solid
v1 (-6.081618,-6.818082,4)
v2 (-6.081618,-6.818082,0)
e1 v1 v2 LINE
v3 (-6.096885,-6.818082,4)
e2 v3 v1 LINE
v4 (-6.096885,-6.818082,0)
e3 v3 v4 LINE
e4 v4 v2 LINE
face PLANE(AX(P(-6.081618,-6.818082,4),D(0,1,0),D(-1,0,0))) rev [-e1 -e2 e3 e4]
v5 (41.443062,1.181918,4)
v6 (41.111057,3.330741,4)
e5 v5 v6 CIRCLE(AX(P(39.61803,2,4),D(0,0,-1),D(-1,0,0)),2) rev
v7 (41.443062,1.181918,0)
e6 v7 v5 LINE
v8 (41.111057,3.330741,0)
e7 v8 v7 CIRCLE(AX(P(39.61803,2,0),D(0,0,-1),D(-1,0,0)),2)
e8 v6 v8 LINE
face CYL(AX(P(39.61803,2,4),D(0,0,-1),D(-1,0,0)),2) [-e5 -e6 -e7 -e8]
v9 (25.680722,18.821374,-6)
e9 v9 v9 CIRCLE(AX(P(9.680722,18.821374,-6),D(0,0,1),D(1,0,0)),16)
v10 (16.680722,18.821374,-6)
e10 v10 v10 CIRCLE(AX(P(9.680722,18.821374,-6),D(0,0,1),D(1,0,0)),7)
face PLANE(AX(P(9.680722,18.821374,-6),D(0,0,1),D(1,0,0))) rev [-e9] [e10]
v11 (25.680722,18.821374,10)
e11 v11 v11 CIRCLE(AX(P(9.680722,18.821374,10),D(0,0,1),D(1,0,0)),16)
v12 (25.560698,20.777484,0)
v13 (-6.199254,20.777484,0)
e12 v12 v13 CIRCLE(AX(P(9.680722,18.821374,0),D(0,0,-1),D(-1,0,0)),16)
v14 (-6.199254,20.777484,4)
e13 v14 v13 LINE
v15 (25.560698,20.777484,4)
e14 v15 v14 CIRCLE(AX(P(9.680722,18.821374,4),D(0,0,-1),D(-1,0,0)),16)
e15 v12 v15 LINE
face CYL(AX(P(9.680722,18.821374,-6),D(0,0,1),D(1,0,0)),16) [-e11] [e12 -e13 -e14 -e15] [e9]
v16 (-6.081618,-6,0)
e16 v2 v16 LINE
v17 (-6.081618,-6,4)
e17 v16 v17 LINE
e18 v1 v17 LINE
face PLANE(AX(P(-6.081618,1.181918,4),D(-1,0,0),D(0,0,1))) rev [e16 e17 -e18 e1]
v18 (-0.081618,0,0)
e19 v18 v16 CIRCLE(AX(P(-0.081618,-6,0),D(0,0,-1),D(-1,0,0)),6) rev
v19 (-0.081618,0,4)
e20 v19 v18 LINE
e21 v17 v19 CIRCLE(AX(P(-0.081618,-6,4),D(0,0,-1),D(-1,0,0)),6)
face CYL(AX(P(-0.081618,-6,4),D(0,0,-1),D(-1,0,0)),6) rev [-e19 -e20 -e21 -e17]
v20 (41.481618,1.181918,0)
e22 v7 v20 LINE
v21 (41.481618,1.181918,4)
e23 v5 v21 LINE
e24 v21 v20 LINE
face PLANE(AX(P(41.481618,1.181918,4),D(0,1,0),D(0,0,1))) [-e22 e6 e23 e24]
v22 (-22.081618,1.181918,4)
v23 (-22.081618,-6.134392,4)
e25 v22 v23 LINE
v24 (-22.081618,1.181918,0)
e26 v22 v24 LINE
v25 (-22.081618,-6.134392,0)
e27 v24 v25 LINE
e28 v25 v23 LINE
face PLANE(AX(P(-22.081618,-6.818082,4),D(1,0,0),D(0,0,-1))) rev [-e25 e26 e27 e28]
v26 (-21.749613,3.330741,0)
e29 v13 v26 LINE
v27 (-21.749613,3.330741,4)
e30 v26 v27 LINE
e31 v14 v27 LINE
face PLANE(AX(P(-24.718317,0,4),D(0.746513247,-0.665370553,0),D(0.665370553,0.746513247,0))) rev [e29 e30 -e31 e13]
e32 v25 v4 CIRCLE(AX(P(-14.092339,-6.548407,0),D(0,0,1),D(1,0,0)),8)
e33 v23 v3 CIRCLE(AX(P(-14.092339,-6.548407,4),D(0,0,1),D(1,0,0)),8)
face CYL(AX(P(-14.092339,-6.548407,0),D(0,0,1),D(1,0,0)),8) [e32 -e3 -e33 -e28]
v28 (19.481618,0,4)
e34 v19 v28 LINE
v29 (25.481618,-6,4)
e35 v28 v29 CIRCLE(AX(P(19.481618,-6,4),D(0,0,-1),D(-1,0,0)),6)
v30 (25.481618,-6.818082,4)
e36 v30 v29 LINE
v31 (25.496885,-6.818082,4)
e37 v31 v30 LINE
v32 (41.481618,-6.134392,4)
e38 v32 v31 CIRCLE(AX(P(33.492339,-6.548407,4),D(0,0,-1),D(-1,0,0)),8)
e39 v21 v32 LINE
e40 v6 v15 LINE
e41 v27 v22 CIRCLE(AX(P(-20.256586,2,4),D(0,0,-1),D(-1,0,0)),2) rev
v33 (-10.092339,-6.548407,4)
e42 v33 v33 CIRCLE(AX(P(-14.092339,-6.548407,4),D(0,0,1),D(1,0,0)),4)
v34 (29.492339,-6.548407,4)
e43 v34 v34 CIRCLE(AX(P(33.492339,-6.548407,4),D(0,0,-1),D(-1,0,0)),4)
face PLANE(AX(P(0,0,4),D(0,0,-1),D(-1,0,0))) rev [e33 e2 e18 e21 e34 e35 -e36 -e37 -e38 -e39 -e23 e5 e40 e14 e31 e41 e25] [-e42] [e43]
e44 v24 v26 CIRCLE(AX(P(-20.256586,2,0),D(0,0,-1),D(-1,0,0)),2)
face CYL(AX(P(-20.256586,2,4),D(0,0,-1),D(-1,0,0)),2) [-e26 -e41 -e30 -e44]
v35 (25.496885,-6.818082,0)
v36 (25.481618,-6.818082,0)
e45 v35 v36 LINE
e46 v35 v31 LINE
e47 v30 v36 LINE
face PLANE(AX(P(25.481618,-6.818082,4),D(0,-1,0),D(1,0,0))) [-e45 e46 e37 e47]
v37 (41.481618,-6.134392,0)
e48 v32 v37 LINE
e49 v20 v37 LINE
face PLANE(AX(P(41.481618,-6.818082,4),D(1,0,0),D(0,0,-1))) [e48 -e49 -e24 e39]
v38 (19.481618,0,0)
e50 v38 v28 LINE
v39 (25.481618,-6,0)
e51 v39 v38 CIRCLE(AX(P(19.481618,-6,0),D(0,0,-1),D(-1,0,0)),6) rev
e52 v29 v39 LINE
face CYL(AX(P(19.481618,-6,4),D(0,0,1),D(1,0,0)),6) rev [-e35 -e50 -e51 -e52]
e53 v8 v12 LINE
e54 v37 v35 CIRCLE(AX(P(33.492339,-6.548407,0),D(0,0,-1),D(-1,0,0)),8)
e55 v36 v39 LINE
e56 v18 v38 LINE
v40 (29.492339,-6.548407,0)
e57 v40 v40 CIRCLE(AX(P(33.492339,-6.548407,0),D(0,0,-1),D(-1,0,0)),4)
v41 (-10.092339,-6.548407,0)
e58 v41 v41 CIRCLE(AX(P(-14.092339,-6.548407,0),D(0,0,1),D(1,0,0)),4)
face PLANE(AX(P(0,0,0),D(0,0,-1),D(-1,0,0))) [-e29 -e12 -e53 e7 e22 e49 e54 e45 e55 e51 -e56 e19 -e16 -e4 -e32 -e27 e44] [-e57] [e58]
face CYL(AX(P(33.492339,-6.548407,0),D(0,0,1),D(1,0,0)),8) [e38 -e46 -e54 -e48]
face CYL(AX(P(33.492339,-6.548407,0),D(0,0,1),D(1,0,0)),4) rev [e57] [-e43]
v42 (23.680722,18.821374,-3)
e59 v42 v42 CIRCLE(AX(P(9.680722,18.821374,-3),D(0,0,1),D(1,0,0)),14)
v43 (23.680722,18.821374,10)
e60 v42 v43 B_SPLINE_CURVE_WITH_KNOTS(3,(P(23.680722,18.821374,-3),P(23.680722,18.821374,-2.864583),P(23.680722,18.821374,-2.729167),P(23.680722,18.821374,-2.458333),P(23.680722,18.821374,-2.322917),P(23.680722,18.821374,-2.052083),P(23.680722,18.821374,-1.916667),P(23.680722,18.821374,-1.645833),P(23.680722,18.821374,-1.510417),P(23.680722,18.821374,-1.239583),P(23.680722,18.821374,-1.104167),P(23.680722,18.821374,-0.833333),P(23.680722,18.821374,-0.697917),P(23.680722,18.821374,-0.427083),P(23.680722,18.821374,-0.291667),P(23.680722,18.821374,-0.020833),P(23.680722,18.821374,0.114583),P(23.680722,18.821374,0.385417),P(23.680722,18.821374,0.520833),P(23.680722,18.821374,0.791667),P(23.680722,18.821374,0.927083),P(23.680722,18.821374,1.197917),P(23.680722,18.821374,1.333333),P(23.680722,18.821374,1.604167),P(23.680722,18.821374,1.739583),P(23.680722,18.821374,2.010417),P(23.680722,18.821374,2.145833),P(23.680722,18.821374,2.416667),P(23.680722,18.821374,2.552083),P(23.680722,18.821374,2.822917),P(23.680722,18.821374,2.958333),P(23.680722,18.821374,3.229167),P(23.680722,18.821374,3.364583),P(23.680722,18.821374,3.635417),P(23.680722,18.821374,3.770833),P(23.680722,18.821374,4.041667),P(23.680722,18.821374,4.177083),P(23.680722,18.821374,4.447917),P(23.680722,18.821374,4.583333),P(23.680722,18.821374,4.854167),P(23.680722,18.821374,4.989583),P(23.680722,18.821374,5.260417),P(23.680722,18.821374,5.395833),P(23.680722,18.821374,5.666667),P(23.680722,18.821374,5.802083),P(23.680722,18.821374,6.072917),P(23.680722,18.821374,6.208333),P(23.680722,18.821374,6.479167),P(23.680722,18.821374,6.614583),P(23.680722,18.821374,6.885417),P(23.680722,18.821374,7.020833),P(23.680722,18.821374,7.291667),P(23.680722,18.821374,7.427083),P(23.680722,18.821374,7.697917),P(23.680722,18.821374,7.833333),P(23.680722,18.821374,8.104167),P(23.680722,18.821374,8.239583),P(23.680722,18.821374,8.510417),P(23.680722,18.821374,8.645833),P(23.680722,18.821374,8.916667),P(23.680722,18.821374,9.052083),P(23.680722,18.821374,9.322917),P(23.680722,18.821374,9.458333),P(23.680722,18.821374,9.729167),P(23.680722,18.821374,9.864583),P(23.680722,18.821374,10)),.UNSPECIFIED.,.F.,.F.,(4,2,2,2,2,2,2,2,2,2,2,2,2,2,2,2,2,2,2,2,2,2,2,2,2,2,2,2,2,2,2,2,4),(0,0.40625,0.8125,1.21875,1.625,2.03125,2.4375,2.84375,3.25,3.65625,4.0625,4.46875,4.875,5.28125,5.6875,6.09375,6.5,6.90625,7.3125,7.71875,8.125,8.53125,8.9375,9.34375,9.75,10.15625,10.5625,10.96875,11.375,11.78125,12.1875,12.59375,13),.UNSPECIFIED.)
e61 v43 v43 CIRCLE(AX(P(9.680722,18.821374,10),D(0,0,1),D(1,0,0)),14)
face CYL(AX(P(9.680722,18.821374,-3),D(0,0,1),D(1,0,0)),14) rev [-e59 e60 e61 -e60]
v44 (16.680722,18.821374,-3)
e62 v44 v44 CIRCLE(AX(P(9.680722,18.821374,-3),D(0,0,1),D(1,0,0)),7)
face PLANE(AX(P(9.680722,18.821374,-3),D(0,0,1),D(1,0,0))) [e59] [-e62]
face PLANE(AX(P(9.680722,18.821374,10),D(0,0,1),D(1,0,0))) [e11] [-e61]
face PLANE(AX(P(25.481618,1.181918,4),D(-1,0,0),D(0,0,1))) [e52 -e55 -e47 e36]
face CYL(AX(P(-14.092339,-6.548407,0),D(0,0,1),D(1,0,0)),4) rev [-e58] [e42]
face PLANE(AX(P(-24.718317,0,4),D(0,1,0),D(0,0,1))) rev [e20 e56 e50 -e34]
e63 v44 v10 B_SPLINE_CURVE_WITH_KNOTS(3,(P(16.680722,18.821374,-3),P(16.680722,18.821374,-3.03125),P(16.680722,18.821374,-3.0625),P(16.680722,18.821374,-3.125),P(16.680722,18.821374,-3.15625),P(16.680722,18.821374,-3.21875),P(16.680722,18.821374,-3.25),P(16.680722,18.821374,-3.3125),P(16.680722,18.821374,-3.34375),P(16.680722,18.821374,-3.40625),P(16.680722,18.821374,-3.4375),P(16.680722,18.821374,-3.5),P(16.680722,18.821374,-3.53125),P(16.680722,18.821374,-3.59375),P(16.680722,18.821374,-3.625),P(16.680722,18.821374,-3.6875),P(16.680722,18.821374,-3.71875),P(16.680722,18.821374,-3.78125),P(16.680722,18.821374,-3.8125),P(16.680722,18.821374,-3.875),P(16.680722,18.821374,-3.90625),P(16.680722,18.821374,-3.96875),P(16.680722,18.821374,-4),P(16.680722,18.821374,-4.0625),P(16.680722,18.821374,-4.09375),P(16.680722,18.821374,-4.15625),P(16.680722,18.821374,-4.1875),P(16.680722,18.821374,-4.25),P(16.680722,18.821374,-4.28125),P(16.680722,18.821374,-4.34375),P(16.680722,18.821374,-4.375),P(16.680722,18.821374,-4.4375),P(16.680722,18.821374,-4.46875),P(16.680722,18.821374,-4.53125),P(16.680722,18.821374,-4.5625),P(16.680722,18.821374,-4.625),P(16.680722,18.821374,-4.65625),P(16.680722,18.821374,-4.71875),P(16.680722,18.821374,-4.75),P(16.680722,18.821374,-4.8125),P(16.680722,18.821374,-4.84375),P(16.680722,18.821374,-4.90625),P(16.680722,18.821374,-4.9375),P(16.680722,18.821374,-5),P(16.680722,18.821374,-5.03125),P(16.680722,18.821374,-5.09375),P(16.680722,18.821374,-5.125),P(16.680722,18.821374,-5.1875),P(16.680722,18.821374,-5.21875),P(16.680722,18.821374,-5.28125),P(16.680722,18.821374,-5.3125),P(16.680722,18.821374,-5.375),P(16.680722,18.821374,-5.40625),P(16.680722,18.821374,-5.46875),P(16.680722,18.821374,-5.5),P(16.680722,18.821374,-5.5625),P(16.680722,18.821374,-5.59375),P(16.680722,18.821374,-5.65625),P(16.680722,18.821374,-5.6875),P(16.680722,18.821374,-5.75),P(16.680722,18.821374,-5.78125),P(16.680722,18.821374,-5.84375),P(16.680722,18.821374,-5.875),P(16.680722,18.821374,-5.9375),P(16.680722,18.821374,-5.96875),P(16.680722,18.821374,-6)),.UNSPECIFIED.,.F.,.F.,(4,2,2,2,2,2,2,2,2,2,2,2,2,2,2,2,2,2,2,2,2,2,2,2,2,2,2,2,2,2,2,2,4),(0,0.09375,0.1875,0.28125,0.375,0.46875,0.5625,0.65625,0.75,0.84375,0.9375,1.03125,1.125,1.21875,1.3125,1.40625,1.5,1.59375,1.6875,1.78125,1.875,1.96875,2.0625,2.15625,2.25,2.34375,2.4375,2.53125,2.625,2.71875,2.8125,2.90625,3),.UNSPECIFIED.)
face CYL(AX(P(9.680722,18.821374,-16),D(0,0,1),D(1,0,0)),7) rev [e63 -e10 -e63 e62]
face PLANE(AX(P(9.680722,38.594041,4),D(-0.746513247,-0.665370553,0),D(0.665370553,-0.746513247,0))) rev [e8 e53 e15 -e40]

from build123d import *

# Parameters (mm, degrees)
BOSS_EXTRUDE1_DEPTH      = 4
FILLET1_R                = 8
FILLET2_R                = 2
SKETCH3_W                = 16
SKETCH3_H                = 8
BOSS_EXTRUDE2_DEPTH      = 4
SKETCH10_R               = 8
BOSS_EXTRUDE3_DEPTH      = 4
FILLET3_R                = 6
SKETCH11_R               = 4
CUT_EXTRUDE2_DEPTH       = 4
FILLET3_OF_MIRROR1_R     = 6
BOSS_EXTRUDE4_DEPTH      = 6
BOSS_EXTRUDE4_DEPTH_BACK = 10
SKETCH8_R                = 16
SKETCH13_R               = 14
CUT_EXTRUDE3_DEPTH       = 13
SKETCH17_R               = 7
CUT_EXTRUDE4_DEPTH       = 13


with BuildPart() as part:
    # Sketch2 → Boss-Extrude1 (new body)
    with BuildSketch(Plane.XY):
        Polygon((-24.718317205, 0), (44.079761222, 0), (9.680722008, 38.594041061), align=None)
    extrude(amount=BOSS_EXTRUDE1_DEPTH)

    # Fillet1
    fillet1_edges = [part.edges().sort_by_distance(p)[0] for p in [
        (9.680722008, 38.594041061, 2),
    ]]
    fillet(fillet1_edges, radius=FILLET1_R)

    # Fillet2
    fillet2_edges = [part.edges().sort_by_distance(p)[0] for p in [
        (44.079761222, 0, 2),
        (-24.718317205, 0, 2),
    ]]
    fillet(fillet2_edges, radius=FILLET2_R)

    # Sketch3 → Boss-Extrude2 (add)
    with BuildSketch(Plane.XY):
        with Locations((-14.081618267, -2.818082449)):
            Rectangle(SKETCH3_W, SKETCH3_H)
    boss_extrude2 = extrude(amount=BOSS_EXTRUDE2_DEPTH)

    # Sketch10 → Boss-Extrude3 (add)
    with BuildSketch(Plane.XY.offset(4)):
        with Locations((-14.092338513, -6.548407243)):
            Circle(SKETCH10_R)
    boss_extrude3 = extrude(amount=-BOSS_EXTRUDE3_DEPTH)

    # Fillet3
    fillet3_edges = [part.edges().sort_by_distance(p)[0] for p in [
        (-6.081618267, 0, 2),
    ]]
    fillet(fillet3_edges, radius=FILLET3_R)

    # Sketch11 → Cut-Extrude2 (cut)
    with BuildSketch(Plane.XY.offset(4)):
        with Locations((-14.092338513, -6.548407243)):
            Circle(SKETCH11_R)
    cut_extrude2 = extrude(amount=-CUT_EXTRUDE2_DEPTH, mode=Mode.SUBTRACT)

    # Mirror1: Boss-Extrude2, Boss-Extrude3, Cut-Extrude2 across plane
    add(boss_extrude2.mirror(Plane(origin=(9.7, 0, 0), x_dir=(0, 0, 1), z_dir=(1, 0, 0))))
    add(boss_extrude3.mirror(Plane(origin=(9.7, 0, 0), x_dir=(0, 0, 1), z_dir=(1, 0, 0))))
    add(cut_extrude2.mirror(Plane(origin=(9.7, 0, 0), x_dir=(0, 0, 1), z_dir=(1, 0, 0))), mode=Mode.SUBTRACT)

    # Fillet3 of Mirror1
    fillet3_of_mirror1_edges = [part.edges().sort_by_distance(p)[0] for p in [
        (25.481618267, 0, 2),
    ]]
    fillet(fillet3_of_mirror1_edges, radius=FILLET3_OF_MIRROR1_R)

    # Sketch8 → Boss-Extrude4 (add, two sides: drawn at the far end of the back side and taken through both)
    with BuildSketch(Plane.XY.offset(4).offset(-BOSS_EXTRUDE4_DEPTH_BACK)):
        with Locations((9.680722008, 18.821374391)):
            Circle(SKETCH8_R)
    extrude(amount=BOSS_EXTRUDE4_DEPTH + BOSS_EXTRUDE4_DEPTH_BACK)

    # Sketch13 → Cut-Extrude3 (cut)
    with BuildSketch(Plane.XY.offset(10)):
        with Locations((9.680722008, 18.821374391)):
            Circle(SKETCH13_R)
    extrude(amount=-CUT_EXTRUDE3_DEPTH, mode=Mode.SUBTRACT)

    # Sketch17 → Cut-Extrude4 (cut)
    with BuildSketch(Plane.XY.offset(-3)):
        with Locations((9.680722008, 18.821374391)):
            Circle(SKETCH17_R)
    extrude(amount=-CUT_EXTRUDE4_DEPTH, mode=Mode.SUBTRACT)


solid = part.part
